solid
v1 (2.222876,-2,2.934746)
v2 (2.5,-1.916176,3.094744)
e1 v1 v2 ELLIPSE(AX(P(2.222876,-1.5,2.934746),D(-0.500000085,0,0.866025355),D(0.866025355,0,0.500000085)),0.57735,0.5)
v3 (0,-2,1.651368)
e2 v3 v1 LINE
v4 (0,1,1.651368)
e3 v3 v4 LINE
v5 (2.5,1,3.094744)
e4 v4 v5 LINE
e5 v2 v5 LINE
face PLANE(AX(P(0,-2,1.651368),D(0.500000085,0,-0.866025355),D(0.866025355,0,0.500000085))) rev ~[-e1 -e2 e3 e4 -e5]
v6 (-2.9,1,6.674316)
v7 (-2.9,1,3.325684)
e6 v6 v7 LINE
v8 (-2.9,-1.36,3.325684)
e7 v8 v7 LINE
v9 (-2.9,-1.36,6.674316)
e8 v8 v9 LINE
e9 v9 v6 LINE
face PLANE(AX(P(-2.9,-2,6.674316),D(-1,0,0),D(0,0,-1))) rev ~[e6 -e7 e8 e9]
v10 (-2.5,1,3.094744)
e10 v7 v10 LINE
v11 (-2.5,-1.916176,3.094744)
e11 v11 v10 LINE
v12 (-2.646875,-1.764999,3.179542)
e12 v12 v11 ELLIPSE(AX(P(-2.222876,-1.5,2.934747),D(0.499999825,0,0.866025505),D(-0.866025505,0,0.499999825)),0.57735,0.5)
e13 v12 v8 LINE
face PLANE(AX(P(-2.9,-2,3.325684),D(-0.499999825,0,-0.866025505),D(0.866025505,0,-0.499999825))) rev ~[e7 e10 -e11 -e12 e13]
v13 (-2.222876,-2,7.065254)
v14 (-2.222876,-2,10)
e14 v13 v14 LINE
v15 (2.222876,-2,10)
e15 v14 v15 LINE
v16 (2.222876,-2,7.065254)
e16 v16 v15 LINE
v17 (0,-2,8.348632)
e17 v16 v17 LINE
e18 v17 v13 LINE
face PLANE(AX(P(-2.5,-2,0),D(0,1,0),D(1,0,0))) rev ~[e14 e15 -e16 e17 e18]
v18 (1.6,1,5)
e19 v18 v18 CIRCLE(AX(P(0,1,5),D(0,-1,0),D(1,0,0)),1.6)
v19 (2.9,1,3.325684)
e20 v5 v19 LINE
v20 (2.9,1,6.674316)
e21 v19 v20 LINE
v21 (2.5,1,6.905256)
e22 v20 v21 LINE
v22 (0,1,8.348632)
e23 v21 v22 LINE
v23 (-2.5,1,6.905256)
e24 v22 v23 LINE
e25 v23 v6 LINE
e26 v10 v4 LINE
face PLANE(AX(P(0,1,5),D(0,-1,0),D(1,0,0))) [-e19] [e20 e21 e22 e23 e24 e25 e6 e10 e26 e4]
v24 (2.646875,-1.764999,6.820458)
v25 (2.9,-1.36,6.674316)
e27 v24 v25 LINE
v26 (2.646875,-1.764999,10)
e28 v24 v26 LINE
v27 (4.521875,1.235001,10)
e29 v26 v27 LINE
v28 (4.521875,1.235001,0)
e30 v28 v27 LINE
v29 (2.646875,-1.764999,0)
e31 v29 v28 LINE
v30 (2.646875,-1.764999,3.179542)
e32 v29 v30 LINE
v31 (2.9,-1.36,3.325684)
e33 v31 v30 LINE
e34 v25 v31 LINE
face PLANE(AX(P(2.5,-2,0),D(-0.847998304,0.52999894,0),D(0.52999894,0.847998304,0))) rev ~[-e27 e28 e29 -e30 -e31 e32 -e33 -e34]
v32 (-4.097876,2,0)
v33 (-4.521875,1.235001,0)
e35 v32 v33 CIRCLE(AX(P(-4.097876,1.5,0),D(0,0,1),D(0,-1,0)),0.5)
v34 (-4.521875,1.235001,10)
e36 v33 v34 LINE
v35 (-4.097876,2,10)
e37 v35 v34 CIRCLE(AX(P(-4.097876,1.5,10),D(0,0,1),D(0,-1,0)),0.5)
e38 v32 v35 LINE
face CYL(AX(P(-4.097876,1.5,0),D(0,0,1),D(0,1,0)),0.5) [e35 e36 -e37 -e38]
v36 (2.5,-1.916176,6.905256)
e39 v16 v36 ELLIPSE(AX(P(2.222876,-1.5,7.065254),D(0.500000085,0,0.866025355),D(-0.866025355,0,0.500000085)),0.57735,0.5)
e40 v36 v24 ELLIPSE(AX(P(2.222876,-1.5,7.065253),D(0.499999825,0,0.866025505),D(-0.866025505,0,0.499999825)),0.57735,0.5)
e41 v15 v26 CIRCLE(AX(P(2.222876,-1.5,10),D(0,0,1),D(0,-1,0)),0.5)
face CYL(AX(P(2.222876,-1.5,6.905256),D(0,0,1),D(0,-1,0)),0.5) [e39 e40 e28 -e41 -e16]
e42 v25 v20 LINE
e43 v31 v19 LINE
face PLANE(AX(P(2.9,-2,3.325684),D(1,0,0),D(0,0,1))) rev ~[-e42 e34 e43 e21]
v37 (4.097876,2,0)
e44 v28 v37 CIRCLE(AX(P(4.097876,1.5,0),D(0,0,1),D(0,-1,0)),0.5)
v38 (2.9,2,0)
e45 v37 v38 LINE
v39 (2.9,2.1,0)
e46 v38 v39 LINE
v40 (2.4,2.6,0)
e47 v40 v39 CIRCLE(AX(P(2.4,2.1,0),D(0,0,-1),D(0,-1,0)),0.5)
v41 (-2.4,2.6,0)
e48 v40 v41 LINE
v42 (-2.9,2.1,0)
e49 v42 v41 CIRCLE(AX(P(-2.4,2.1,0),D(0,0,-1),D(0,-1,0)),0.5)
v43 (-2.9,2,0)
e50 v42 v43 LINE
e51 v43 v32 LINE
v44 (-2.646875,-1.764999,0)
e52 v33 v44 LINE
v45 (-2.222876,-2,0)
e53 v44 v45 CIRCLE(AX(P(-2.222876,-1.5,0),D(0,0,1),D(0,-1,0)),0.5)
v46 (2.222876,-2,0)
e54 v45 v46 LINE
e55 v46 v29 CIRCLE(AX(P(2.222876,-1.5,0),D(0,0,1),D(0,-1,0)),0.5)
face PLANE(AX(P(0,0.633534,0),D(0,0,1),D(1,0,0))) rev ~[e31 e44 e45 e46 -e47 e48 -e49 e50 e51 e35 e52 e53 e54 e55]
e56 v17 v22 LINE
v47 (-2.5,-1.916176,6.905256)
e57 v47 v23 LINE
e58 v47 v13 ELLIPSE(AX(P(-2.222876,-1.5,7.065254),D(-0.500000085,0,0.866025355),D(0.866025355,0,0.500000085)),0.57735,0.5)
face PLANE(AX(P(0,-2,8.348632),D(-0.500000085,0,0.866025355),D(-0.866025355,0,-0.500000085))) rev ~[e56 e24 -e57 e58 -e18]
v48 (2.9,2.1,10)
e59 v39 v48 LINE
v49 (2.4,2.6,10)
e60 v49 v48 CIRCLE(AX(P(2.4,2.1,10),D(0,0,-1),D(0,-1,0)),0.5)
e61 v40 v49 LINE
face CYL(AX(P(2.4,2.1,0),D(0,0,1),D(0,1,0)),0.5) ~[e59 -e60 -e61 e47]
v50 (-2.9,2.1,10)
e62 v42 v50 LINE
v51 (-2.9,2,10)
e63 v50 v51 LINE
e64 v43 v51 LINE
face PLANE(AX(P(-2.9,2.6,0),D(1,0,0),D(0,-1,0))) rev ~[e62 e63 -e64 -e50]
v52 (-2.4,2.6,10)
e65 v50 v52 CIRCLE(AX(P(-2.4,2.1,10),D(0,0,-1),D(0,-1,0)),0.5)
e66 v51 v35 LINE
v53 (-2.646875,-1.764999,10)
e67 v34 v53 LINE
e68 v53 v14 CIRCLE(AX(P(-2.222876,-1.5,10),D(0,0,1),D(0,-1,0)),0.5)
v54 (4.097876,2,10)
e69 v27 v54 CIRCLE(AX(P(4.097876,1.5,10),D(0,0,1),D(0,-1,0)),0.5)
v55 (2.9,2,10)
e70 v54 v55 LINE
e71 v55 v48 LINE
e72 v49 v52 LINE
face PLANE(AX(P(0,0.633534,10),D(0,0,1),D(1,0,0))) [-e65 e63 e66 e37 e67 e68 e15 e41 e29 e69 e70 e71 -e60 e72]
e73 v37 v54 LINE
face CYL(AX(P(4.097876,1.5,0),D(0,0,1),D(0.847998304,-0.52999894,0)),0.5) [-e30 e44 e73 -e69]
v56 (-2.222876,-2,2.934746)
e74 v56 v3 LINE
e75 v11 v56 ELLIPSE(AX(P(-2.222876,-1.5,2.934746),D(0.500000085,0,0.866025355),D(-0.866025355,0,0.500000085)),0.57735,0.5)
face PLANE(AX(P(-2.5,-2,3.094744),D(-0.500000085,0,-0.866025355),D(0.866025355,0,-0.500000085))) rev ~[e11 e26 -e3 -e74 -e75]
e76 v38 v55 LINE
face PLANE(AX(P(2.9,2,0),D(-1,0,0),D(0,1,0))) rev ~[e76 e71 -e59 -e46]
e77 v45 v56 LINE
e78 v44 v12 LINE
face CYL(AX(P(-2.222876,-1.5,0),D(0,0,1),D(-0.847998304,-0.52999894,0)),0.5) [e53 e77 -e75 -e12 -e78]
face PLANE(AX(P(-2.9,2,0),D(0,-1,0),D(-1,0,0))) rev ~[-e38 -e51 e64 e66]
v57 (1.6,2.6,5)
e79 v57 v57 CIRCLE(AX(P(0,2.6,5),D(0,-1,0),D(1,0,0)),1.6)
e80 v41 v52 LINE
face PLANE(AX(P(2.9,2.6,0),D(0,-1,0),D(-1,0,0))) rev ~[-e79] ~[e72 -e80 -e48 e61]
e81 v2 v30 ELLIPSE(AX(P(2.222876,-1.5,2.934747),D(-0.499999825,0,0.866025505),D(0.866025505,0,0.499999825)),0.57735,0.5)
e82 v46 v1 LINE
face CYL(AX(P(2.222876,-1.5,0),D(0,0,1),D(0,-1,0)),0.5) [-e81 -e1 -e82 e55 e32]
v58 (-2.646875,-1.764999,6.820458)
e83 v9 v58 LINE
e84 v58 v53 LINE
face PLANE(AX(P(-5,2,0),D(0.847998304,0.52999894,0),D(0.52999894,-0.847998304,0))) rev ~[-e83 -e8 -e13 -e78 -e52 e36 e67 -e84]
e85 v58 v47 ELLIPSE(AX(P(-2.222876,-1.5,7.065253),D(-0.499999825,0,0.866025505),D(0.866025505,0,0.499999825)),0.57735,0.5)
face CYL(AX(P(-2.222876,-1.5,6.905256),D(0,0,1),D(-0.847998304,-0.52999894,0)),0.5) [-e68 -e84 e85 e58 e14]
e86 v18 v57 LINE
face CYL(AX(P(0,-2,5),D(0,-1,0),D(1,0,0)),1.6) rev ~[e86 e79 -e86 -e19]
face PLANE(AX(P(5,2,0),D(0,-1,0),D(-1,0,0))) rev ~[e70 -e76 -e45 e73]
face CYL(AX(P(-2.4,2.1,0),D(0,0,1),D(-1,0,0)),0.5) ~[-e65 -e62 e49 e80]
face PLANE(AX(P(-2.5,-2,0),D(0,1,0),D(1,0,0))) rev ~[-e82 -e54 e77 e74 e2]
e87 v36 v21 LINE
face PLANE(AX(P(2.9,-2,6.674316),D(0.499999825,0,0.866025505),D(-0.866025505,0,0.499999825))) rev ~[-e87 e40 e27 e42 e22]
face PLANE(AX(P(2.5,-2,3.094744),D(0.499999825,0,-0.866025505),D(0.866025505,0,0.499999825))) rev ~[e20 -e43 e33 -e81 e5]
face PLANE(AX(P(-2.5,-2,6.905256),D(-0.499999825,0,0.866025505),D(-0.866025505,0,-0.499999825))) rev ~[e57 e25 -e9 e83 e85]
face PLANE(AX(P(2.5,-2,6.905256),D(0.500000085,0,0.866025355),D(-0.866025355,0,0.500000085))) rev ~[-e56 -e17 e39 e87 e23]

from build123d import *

# Parameters (mm, degrees)
F1_DEPTH = 10
F2_R     = 1.6
F3_DEPTH = 4.601
F4_DEPTH = 3
F5_R     = 0.5


with BuildPart() as f1:
    # F0 (on Top) → F1 (new body)
    with BuildSketch(Plane.XY):
        Polygon((-2.9, 2), (-5, 2), (-2.5, -2), (2.5, -2), (5, 2), (2.9, 2), (2.9, 2.6), (-2.9, 2.6), align=None)
    extrude(amount=F1_DEPTH)

    # F2 (on face) → F3 (cut, through all)
    with BuildSketch(Plane.XZ.offset(2)):
        with Locations((0, 5)):
            Circle(F2_R)
    extrude(amount=-F3_DEPTH, mode=Mode.SUBTRACT)

    # F2 (on face) → F4 (cut)
    with BuildSketch(Plane.XZ.offset(2)):
        Polygon((0, 1.651368), (2.5, 3.094744), (2.5, 6.905256), (0, 8.348632), (-2.5, 6.905256), (-2.5, 3.094744), align=None)
        with Locations((0, 5)):
            Circle(F2_R, mode=Mode.SUBTRACT)
        Polygon((2.5, 3.094744), (2.9, 3.325684), (2.9, 6.674316), (2.5, 6.905256), align=None)
        Polygon((-2.9, 3.325684), (-2.5, 3.094744), (-2.5, 6.905256), (-2.9, 6.674316), align=None)
    extrude(amount=-F4_DEPTH, mode=Mode.SUBTRACT)

    # F5
    f5_edges = [f1.edges().sort_by_distance(p)[0] for p in [
        (-5, 2, 5),
        (-2.5, -2, 1.547372),
        (-2.5, -2, 8.452628),
        (2.5, -2, 1.547372),
        (2.5, -2, 8.452628),
        (5, 2, 5),
        (-2.9, 2.6, 5),
        (2.9, 2.6, 5),
    ]]
    fillet(f5_edges, radius=F5_R)


solid = f1.part
